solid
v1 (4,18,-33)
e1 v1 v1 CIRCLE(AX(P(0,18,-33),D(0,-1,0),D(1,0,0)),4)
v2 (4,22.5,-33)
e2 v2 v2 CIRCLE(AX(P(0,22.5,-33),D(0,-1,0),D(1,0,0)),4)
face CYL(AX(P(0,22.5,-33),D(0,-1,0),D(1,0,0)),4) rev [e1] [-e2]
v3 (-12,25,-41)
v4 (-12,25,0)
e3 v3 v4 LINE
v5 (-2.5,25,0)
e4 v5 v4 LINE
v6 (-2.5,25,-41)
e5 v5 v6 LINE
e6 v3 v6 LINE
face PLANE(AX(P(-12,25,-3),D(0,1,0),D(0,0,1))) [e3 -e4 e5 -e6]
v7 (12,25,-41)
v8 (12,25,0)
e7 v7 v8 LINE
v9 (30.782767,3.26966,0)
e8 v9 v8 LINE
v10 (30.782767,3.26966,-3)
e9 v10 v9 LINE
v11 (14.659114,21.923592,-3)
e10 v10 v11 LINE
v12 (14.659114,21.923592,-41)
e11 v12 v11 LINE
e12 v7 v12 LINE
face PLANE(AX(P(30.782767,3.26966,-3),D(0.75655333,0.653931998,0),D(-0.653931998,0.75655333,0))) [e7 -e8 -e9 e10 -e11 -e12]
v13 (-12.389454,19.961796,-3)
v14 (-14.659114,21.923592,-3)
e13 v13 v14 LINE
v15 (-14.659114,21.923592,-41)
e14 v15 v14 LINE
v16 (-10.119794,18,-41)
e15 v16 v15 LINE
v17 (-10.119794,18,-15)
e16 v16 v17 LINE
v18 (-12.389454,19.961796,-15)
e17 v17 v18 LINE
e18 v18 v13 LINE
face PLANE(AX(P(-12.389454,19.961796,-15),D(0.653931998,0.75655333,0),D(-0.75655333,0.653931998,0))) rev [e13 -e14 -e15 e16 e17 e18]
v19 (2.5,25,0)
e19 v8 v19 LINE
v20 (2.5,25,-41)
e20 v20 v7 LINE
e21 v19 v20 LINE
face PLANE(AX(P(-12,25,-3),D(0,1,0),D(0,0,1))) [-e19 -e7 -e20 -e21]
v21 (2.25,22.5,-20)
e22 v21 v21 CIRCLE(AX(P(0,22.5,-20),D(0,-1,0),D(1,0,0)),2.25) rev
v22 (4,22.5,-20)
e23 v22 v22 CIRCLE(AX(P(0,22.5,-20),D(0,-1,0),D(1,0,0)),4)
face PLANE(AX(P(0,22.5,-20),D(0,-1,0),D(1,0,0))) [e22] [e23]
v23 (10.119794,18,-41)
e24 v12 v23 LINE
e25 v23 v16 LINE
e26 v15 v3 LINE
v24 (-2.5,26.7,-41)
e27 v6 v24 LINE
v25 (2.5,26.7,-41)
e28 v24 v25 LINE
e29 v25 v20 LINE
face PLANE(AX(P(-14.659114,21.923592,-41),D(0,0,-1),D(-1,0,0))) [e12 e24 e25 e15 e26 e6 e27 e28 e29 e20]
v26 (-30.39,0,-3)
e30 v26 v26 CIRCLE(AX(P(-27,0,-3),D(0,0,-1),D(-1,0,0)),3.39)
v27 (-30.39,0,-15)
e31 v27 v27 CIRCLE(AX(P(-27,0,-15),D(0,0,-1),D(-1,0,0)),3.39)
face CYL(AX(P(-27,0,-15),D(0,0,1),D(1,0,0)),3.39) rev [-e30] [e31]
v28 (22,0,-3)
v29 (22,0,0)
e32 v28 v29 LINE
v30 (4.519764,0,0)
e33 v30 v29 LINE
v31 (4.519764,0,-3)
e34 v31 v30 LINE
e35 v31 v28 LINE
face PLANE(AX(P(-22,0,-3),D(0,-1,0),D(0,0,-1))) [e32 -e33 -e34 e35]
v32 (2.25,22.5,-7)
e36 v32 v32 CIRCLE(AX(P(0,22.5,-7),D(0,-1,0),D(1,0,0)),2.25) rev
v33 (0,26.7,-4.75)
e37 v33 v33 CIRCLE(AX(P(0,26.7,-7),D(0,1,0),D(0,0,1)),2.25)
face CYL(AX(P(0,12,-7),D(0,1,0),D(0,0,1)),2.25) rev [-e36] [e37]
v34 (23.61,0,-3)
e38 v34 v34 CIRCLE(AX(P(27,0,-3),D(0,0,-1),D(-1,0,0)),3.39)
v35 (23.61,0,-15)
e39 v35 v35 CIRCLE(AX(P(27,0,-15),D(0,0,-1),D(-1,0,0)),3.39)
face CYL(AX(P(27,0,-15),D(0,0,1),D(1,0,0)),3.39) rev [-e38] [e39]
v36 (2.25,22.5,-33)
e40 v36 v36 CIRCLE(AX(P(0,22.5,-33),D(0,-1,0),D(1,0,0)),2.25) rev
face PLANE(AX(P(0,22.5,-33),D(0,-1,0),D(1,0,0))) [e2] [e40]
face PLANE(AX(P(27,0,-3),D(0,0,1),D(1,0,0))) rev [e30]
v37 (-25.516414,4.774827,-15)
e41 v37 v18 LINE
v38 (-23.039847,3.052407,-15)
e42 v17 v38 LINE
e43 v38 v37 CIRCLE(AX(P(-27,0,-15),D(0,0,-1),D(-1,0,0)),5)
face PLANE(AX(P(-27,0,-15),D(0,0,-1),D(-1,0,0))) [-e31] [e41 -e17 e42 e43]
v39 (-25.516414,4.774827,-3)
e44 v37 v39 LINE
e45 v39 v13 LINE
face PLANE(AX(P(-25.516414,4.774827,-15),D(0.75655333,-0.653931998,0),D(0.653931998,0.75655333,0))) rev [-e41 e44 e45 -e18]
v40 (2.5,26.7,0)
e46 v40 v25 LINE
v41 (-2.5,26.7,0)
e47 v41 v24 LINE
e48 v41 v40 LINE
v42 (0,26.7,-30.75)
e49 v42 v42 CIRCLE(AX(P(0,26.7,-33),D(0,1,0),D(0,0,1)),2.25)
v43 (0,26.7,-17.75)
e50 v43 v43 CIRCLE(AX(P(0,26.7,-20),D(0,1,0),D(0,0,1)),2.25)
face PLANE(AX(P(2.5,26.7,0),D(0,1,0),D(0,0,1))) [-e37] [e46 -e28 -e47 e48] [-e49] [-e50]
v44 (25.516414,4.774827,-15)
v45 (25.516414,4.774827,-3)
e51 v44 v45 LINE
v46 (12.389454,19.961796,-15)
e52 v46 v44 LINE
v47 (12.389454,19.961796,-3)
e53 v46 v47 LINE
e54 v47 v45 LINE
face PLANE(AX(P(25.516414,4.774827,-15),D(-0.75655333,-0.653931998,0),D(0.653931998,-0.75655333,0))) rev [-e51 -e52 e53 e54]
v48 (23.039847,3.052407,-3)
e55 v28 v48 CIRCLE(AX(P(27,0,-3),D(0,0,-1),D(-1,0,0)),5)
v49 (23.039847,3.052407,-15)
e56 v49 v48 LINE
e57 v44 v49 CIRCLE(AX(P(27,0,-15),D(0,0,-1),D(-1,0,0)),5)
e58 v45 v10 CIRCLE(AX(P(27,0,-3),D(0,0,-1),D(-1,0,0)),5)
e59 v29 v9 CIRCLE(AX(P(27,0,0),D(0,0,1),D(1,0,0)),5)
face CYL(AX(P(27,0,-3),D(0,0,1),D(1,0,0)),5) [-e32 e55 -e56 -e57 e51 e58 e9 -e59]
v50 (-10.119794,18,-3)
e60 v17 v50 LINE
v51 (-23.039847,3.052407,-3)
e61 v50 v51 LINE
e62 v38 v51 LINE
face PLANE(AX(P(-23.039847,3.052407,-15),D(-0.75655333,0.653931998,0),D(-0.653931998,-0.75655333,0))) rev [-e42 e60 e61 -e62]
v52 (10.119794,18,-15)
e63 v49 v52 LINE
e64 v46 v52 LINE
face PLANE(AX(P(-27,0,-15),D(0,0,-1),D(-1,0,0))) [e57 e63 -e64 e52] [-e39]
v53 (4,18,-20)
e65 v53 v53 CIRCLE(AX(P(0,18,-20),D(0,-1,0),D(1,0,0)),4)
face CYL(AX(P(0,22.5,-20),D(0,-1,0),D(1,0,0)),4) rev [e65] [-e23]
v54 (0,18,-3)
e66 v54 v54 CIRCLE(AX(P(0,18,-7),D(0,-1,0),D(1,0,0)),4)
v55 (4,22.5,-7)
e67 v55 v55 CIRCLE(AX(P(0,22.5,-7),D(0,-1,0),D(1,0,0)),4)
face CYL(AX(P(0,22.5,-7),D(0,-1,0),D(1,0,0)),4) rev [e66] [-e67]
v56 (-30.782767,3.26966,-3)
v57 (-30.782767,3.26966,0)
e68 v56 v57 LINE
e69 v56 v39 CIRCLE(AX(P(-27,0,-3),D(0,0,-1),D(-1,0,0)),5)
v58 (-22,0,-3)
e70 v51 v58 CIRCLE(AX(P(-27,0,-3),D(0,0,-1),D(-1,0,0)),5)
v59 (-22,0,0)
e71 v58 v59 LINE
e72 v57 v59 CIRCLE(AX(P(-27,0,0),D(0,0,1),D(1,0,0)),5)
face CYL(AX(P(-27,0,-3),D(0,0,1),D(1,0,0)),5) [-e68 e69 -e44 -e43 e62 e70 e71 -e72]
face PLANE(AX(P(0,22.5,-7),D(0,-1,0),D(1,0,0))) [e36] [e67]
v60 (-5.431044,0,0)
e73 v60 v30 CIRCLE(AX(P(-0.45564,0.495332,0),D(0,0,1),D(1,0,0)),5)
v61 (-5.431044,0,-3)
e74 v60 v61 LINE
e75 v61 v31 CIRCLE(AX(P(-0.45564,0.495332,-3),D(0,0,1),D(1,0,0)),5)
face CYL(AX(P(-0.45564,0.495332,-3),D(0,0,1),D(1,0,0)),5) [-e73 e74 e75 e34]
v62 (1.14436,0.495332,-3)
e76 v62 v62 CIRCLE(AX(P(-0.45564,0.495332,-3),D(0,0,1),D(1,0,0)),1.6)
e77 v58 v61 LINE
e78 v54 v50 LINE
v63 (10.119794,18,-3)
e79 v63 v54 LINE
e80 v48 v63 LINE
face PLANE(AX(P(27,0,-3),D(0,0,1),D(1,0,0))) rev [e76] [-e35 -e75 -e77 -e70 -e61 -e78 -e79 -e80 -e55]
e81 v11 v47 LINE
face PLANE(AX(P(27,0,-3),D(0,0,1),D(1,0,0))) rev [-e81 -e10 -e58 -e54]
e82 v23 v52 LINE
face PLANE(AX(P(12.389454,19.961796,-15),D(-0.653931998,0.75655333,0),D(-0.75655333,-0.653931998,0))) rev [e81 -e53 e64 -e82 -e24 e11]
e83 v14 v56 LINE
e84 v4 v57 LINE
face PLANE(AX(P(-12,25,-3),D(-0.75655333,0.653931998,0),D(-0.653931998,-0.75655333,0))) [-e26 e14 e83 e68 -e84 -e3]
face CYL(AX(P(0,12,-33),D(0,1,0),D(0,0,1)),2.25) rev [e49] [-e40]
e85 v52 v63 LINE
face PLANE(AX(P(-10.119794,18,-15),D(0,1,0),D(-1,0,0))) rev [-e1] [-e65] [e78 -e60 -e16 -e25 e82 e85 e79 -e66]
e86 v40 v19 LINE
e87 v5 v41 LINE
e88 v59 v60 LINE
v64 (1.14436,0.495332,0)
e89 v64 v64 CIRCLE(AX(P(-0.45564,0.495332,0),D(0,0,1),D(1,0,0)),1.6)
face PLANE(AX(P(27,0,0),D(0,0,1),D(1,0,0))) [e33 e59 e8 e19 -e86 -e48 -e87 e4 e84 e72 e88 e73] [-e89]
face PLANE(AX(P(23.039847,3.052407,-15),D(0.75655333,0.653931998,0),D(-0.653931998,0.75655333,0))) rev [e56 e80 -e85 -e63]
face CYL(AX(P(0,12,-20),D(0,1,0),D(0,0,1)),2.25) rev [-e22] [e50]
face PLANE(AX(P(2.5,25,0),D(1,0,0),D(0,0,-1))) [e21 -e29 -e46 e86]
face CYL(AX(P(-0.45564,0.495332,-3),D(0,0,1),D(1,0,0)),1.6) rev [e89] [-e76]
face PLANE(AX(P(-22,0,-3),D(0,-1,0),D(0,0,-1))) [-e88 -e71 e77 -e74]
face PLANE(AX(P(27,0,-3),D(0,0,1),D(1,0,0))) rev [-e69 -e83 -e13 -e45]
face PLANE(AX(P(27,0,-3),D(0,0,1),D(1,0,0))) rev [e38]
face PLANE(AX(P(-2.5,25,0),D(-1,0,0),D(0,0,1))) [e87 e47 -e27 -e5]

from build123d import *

# Parameters (mm, degrees)
BOSS_EXTRUDE1_DEPTH = 3
SKETCH2_R           = 3.39
BOSS_EXTRUDE2_DEPTH = 12
BOSS_EXTRUDE3_DEPTH = 26
SKETCH7_W           = 5
SKETCH7_H           = 1.7
BOSS_EXTRUDE5_DEPTH = 41
SKETCH4_R           = 2.25
CUT_EXTRUDE1_DEPTH  = 13
SKETCH8_R           = 4
CUT_EXTRUDE3_DEPTH  = 4.5
LPATTERN1_COUNT     = 3
LPATTERN1_PITCH     = 13
SKETCH5_R           = 5
BOSS_EXTRUDE4_DEPTH = 3
SKETCH6_R           = 1.6
CUT_EXTRUDE2_DEPTH  = 3


with BuildPart() as part:
    # Sketch1 → Boss-Extrude1 (new body)
    with BuildSketch(Plane.XY):
        with BuildLine():
            Line((-22, 0), (22, 0))
            ThreePointArc((22, 0), (28.74444357, -4.685820806), (30.782766652, 3.269659991))
            Line((30.782766652, 3.269659991), (12, 25))
            Line((12, 25), (-12, 25))
            Line((-12, 25), (-30.782766652, 3.269659991))
            ThreePointArc((-30.782766652, 3.269659991), (-28.74444357, -4.685820806), (-22, 0))
        make_face()
    extrude(amount=-BOSS_EXTRUDE1_DEPTH)

    # Sketch2 → Boss-Extrude2 (add)
    with BuildSketch(Plane(origin=(0, 0, -3), x_dir=(-1, 0, 0), z_dir=(0, 0, -1))):
        with BuildLine():
            Line((10.11979413, 18), (-10.11979413, 18))
            Line((-10.11979413, 18), (-23.039847225, 3.052407247))
            ThreePointArc((-23.039847225, 3.052407247), (-29.854865308, -4.104843977), (-25.51641378, 4.7748269))
            Line((-25.51641378, 4.7748269), (-12.389454122, 19.961795995))
            Line((-12.389454122, 19.961795995), (-14.659114113, 21.923591989))
            Line((-14.659114113, 21.923591989), (-12, 25))
            Line((-12, 25), (12, 25))
            Line((12, 25), (14.659114113, 21.923591989))
            Line((14.659114113, 21.923591989), (12.389454122, 19.961795995))
            Line((12.389454122, 19.961795995), (25.51641378, 4.7748269))
            ThreePointArc((25.51641378, 4.7748269), (29.854865308, -4.104843977), (23.039847225, 3.052407247))
            Line((23.039847225, 3.052407247), (10.11979413, 18))
        make_face()
        with Locations((27, 0)):
            Circle(SKETCH2_R, mode=Mode.SUBTRACT)
        with Locations((-27, 0)):
            Circle(SKETCH2_R, mode=Mode.SUBTRACT)
    extrude(amount=BOSS_EXTRUDE2_DEPTH)

    # Sketch3 → Boss-Extrude3 (add)
    with BuildSketch(Plane(origin=(0, 0, -15), x_dir=(-1, 0, 0), z_dir=(0, 0, -1))):
        Polygon((14.659114113, 21.923591989), (10.11979413, 18), (-10.11979413, 18), (-14.659114113, 21.923591989), (-12, 25), (12, 25), align=None)
    extrude(amount=BOSS_EXTRUDE3_DEPTH)

    # Sketch7 → Boss-Extrude5 (add)
    with BuildSketch(Plane(origin=(0, 0, -41), x_dir=(-1, 0, 0), z_dir=(0, 0, -1))):
        with Locations((0, 25.85)):
            Rectangle(SKETCH7_W, SKETCH7_H)
    extrude(amount=-BOSS_EXTRUDE5_DEPTH)

    # Sketch4 → Cut-Extrude1 (cut, symmetric)
    with BuildSketch(Plane(origin=(0, 25, 0), x_dir=(-1, 0, 0), z_dir=(0, 1, 0))):
        with Locations((0, -33)):
            Circle(SKETCH4_R)
        with Locations((0, -20)):
            Circle(SKETCH4_R)
        with Locations((0, -7)):
            Circle(SKETCH4_R)
    extrude(amount=CUT_EXTRUDE1_DEPTH, both=True, mode=Mode.SUBTRACT)

    # Sketch8 → Cut-Extrude3 (cut)
    with BuildSketch(Plane(origin=(0, 18, 0), x_dir=(-1, 0, 0), z_dir=(0, -1, 0))):
        with Locations((0, 33)):
            Circle(SKETCH8_R)
    cut_extrude3 = extrude(amount=-CUT_EXTRUDE3_DEPTH, mode=Mode.SUBTRACT)

    # LPattern1: Cut-Extrude3 ×3
    with Locations(*[(0, 0, i * LPATTERN1_PITCH) for i in range(1, LPATTERN1_COUNT)]):
        add(cut_extrude3, mode=Mode.SUBTRACT)

    # Sketch5 → Boss-Extrude4 (add)
    with BuildSketch(Plane.XY):
        with Locations((-0.455639948, 0.495332174)):
            Circle(SKETCH5_R)
    extrude(amount=-BOSS_EXTRUDE4_DEPTH)

    # Sketch6 → Cut-Extrude2 (cut)
    with BuildSketch(Plane.XY):
        with Locations((-0.455639948, 0.495332174)):
            Circle(SKETCH6_R)
    extrude(amount=-CUT_EXTRUDE2_DEPTH, mode=Mode.SUBTRACT)


solid = part.part
